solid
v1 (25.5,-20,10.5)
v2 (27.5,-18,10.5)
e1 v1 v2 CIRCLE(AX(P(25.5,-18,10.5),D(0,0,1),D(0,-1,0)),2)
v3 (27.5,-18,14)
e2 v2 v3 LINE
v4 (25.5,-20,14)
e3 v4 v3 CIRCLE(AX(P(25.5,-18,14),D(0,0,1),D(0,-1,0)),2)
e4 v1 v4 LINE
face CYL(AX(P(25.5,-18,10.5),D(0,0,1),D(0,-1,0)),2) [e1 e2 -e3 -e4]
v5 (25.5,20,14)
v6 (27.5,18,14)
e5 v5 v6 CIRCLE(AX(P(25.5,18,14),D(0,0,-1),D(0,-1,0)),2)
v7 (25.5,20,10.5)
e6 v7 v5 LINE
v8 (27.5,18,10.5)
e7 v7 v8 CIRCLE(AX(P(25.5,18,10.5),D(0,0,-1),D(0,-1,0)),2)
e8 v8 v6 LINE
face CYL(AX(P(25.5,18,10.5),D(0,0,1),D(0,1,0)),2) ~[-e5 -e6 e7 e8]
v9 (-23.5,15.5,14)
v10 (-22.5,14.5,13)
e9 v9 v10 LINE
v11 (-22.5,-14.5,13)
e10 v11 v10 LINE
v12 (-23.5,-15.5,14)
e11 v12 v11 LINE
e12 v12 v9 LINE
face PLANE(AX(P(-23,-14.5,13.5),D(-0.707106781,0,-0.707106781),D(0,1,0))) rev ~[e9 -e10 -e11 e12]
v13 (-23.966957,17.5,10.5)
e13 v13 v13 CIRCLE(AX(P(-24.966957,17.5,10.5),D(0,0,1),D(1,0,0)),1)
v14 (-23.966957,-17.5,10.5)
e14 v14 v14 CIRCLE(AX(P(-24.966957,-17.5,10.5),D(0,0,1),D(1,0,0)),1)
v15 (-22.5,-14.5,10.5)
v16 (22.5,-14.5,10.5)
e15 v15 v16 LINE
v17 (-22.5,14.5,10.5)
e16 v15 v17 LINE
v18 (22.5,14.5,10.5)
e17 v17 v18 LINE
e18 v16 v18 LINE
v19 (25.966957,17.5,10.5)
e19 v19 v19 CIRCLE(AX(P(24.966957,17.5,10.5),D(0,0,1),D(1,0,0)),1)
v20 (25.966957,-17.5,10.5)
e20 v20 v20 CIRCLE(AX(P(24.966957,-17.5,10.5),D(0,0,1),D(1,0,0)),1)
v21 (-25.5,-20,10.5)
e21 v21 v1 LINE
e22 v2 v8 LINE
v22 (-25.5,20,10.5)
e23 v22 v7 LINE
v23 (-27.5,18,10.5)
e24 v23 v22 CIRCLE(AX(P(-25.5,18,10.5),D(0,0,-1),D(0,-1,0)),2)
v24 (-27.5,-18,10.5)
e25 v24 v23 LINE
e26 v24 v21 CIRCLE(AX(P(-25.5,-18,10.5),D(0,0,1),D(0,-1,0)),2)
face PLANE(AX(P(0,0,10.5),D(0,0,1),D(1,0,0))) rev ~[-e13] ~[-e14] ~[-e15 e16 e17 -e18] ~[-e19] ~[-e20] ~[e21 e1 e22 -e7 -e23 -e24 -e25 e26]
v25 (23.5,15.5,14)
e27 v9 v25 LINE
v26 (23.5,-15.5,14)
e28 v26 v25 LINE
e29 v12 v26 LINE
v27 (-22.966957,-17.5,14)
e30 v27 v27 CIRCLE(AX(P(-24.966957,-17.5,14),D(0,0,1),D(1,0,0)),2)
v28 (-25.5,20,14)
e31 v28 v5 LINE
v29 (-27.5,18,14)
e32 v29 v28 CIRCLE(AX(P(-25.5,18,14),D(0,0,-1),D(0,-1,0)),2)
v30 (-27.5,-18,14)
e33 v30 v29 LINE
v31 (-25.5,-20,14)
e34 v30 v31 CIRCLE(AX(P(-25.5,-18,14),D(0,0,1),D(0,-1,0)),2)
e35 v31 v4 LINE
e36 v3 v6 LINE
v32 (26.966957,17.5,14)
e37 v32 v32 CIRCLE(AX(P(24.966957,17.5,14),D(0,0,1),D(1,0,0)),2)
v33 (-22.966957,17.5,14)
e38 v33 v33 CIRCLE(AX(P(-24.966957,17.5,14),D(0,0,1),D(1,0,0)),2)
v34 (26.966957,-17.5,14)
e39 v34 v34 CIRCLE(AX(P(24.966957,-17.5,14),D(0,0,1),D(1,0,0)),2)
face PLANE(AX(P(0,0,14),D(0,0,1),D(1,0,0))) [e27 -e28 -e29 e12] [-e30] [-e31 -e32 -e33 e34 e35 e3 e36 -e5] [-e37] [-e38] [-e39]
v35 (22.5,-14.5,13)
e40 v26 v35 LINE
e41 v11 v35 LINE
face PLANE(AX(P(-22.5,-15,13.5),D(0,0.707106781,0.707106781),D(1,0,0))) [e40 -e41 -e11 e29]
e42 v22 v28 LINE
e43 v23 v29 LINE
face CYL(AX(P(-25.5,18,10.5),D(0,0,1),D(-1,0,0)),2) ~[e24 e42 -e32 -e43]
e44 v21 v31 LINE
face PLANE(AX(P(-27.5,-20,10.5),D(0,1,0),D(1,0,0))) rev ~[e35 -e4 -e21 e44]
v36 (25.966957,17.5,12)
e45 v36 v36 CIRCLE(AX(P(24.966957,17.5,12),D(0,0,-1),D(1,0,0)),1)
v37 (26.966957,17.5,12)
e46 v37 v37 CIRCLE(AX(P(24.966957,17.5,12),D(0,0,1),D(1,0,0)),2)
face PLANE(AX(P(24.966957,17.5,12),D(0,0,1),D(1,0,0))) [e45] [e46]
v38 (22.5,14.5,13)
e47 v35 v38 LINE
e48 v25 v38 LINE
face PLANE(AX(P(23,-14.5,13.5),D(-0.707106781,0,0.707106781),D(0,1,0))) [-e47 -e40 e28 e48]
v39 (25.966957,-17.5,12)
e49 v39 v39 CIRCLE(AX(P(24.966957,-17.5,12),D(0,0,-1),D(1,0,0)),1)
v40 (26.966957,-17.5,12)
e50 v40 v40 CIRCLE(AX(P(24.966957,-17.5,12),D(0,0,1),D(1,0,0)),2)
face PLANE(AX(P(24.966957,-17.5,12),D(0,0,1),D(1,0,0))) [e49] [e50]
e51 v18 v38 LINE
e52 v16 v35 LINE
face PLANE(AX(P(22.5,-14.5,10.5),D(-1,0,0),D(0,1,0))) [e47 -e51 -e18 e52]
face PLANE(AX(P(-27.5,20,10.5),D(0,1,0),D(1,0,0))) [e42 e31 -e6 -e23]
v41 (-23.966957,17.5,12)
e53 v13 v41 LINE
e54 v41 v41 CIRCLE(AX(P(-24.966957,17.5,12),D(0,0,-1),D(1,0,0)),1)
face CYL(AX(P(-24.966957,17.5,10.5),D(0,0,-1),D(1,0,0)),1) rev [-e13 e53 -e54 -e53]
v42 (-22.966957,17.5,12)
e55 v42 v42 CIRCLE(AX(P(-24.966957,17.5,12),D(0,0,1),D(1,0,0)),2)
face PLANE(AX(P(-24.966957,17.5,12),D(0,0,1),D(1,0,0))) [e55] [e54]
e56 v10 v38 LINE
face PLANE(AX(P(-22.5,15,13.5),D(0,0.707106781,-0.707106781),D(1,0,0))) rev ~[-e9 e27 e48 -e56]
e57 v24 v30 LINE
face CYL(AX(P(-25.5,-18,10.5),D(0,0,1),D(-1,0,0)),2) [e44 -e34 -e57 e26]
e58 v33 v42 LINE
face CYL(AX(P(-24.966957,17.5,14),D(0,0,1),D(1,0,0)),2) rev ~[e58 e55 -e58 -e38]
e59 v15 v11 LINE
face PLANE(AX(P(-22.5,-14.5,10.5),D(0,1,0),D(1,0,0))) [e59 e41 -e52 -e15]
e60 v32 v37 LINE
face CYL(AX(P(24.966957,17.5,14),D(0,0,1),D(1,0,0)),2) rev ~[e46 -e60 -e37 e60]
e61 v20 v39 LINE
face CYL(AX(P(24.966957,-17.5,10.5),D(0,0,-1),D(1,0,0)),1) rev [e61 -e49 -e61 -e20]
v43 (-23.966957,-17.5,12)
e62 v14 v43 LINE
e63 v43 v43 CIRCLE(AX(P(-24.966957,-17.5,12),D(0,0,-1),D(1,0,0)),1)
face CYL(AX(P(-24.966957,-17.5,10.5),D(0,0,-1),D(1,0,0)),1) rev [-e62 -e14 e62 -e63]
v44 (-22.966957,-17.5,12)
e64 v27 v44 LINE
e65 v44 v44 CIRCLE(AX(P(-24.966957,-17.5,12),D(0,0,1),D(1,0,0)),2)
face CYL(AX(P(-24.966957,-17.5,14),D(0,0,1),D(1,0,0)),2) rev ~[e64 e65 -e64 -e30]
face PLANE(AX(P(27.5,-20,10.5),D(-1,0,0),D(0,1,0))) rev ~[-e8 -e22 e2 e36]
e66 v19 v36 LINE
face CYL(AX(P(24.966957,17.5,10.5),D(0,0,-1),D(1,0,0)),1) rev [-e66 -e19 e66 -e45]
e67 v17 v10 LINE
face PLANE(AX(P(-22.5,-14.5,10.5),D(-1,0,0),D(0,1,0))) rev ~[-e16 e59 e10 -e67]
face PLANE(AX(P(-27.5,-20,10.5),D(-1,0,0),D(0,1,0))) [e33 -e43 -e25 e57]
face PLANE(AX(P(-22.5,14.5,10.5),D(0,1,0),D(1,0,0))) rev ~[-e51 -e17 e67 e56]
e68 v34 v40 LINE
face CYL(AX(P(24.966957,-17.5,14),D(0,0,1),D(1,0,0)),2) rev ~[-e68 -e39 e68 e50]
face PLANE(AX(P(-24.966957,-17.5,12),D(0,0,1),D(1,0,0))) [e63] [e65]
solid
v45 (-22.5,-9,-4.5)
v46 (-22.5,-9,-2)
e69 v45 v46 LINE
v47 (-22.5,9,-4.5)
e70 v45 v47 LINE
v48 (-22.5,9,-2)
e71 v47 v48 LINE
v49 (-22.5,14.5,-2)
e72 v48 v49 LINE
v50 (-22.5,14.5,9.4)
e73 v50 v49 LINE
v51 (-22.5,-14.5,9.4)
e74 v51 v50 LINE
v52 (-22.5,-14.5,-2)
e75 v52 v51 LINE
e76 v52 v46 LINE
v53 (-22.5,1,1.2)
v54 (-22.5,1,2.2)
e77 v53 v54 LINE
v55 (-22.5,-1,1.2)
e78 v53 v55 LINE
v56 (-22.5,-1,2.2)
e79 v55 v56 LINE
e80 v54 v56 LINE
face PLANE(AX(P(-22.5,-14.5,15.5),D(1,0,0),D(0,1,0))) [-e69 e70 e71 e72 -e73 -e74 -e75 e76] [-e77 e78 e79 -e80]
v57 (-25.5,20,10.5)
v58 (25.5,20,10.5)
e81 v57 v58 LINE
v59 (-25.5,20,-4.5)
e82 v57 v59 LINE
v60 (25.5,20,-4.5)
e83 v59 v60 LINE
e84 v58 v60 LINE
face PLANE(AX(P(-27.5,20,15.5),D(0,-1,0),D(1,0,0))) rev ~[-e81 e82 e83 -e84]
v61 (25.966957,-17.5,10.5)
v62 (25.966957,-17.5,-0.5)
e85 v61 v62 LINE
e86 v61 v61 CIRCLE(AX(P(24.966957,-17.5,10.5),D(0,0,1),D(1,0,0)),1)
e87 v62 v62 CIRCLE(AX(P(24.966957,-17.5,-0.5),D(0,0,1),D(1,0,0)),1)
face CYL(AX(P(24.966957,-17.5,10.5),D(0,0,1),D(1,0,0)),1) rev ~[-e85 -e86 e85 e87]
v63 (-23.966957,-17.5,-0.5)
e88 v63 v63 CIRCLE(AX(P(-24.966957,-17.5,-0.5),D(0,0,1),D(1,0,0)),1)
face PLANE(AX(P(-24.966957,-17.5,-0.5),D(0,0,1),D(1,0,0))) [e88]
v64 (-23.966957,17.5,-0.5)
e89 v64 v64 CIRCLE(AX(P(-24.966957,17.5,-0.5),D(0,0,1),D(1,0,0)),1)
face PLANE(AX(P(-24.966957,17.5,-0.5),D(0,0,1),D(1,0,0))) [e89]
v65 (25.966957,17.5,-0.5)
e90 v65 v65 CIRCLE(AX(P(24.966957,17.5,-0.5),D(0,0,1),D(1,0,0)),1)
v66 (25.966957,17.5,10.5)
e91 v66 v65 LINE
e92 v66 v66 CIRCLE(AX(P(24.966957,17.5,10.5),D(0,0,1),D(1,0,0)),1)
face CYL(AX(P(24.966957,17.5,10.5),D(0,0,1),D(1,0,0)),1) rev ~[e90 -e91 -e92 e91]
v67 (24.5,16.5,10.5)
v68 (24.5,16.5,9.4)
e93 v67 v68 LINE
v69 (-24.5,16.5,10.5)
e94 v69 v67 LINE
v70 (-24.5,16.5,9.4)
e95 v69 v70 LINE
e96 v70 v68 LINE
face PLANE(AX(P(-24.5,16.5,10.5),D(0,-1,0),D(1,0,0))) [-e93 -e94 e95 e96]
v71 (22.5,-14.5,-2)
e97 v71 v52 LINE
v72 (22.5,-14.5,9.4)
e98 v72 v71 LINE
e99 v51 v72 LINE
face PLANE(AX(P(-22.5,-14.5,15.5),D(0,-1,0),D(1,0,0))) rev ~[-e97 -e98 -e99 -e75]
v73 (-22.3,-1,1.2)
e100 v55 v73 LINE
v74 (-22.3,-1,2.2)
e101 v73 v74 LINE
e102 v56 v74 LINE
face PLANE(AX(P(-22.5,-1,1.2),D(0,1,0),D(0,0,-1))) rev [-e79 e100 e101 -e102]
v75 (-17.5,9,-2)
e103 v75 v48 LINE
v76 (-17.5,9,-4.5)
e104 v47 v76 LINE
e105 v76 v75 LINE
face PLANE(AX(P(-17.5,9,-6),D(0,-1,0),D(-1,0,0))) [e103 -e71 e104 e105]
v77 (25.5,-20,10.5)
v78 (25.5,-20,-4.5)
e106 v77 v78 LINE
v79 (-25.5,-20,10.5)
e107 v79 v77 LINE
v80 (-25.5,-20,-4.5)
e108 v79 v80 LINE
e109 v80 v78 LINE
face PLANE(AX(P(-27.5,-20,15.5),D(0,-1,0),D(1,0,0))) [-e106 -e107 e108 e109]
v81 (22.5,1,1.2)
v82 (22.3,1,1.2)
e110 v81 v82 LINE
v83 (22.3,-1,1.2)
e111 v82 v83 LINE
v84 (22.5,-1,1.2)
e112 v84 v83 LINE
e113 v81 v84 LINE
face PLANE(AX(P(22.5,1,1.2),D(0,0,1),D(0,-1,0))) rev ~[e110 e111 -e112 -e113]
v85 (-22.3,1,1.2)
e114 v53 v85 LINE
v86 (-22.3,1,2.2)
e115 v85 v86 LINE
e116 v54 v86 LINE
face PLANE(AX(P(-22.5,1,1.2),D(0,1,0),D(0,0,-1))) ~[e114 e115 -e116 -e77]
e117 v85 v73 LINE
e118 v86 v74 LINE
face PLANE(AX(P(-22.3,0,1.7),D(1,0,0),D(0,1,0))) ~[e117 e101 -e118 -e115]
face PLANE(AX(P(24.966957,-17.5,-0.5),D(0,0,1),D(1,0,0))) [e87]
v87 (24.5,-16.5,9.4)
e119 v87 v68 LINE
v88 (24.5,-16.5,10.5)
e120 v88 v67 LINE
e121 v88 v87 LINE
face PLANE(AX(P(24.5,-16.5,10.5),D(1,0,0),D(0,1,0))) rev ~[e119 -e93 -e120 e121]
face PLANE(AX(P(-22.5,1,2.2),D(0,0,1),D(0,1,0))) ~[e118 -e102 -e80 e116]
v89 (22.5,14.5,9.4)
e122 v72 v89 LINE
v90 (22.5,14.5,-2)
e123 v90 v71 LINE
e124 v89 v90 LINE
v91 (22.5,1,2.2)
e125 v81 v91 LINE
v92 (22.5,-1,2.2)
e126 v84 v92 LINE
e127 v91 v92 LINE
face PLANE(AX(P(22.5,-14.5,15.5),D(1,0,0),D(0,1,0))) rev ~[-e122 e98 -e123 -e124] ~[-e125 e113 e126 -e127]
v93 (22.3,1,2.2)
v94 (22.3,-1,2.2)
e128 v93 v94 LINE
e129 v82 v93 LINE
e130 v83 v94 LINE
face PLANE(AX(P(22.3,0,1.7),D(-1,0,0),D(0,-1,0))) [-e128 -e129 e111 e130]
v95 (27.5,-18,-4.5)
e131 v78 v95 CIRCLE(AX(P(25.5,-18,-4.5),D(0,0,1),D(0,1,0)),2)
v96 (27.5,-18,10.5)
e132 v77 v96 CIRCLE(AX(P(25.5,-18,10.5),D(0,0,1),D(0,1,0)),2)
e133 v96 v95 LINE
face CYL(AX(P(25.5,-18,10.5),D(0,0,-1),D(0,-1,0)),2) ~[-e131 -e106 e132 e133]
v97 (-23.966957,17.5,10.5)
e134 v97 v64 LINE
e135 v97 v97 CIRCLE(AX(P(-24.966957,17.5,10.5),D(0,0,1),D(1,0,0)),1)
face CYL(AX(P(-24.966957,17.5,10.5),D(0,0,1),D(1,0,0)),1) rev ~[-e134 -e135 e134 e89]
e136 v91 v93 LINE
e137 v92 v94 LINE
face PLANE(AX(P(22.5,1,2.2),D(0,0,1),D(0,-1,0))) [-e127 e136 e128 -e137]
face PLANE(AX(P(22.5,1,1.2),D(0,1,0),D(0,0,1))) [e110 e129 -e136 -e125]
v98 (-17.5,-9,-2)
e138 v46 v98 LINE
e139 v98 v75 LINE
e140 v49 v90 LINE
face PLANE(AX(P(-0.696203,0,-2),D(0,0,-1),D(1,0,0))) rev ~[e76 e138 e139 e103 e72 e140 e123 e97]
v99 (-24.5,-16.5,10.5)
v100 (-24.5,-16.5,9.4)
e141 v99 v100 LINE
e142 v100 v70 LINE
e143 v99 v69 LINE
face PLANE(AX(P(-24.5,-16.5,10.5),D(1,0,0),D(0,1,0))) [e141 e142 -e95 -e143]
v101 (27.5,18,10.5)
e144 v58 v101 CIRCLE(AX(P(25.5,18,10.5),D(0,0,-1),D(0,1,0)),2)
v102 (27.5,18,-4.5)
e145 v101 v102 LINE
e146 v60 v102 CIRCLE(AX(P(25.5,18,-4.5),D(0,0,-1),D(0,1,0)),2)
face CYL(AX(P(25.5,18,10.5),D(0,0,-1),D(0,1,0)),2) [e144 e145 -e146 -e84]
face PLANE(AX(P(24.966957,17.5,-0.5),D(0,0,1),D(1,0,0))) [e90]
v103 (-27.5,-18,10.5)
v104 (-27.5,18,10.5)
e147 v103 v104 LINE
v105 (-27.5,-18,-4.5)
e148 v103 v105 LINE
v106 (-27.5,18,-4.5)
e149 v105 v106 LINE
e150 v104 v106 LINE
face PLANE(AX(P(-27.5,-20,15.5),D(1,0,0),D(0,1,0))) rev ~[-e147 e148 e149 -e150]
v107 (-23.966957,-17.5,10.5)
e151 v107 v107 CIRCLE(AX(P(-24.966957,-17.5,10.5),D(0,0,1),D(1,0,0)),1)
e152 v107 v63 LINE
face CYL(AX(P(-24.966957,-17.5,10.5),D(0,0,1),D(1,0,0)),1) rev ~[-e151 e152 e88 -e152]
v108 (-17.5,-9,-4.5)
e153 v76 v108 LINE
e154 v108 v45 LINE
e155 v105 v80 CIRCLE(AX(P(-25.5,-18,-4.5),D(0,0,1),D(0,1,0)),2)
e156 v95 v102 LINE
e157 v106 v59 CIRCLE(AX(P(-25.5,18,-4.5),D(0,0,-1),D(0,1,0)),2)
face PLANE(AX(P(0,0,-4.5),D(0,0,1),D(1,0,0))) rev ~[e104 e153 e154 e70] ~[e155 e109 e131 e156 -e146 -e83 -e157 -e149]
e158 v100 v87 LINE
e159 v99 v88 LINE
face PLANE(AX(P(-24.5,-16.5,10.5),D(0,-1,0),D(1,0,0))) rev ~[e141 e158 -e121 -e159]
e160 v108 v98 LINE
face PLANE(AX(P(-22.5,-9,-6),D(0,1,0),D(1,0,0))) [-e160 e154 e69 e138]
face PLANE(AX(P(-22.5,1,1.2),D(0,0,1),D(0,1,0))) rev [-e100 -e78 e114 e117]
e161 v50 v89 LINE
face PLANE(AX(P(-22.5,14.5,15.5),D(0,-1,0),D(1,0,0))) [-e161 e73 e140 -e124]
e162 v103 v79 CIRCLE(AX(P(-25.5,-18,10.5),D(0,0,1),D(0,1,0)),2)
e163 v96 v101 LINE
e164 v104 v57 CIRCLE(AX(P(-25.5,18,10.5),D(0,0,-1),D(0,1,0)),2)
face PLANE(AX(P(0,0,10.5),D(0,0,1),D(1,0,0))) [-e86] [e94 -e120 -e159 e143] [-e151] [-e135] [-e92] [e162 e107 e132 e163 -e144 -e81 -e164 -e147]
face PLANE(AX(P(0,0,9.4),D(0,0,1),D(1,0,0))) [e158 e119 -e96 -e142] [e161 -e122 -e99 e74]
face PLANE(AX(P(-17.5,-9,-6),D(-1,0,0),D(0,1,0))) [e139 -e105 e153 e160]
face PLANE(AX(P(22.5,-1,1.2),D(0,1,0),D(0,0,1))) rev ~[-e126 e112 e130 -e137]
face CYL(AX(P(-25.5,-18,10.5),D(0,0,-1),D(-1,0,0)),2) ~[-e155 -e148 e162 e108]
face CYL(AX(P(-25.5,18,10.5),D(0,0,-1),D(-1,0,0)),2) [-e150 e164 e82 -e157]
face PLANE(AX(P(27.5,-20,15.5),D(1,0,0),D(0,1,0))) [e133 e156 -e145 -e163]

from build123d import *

# Parameters (mm, degrees)
F0_W      = 45
F0_H      = 29
F1_DEPTH  = 5.7
F2_W      = 34.1
F2_H      = 25.7
F3_DEPTH  = 7.8
F4_DEPTH  = 6
F6_DEPTH  = 4
F8_W      = 55
F8_H      = 40
F9_DEPTH  = 20
F11_W     = 45
F11_H     = 29
F12_DEPTH = 9.8
F13_W     = 2
F13_H     = 1
F14_DEPTH = 0.2
F16_DEPTH = 5
F17_W     = 49
F17_H     = 33
F17_W_2   = 45
F17_H_2   = 29
F18_DEPTH = 1.1
F19_R     = 1
F20_DEPTH = 11
F21_W     = 55
F21_H     = 40
F21_R     = 1
F21_W_2   = 45
F21_H_2   = 29
F22_DEPTH = 3.5
F23_R     = 2
F24_DEPTH = 2
F25_R     = 2
F25_2_R   = 2
F26_SIZE  = 1


with BuildPart() as f1:
    # F0 (on Top) → F1 (new body)
    with BuildSketch(Plane.XY):
        Rectangle(F0_W, F0_H)
    extrude(amount=F1_DEPTH)

    # F2 (on face) → F3 (join)
    with BuildSketch(Plane.XY.offset(5.7)):
        Rectangle(F2_W, F2_H)
    extrude(amount=F3_DEPTH)

    # F4 (add): a face of the model
    f4_faces = [f1.faces().sort_by_distance(p)[0] for p in [
        (0, 0, 0),
    ]]
    extrude(f4_faces, amount=F4_DEPTH)

    # F5 (on face) → F6 (cut)
    with BuildSketch(Plane(origin=(0, 0, -6), x_dir=(1, 0, 0), z_dir=(0, 0, -1))):
        Polygon((-22.5, 9), (-17.5, 9), (-17.5, -9), (-22.5, -9), (-22.5, -14.5), (22.5, -14.5), (22.5, 14.5), (-22.5, 14.5), align=None)
    extrude(amount=-F6_DEPTH, mode=Mode.SUBTRACT)


with BuildPart() as f9:
    # F8 (on offset) → F9 (new body)
    with BuildSketch(Plane.XY.offset(15.5)):
        Rectangle(F8_W, F8_H)
    extrude(amount=-F9_DEPTH)

    # F10: cut F1
    add(f1.part, mode=Mode.SUBTRACT)

    # F11 (on face) → F12 (cut, through all)
    with BuildSketch(Plane.XY.offset(15.5)):
        Rectangle(F11_W, F11_H)
    extrude(amount=-F12_DEPTH, mode=Mode.SUBTRACT)



with BuildPart() as f14:
    # F13 (on face) → F14 (new body)
    with BuildSketch(Plane(origin=(22.5, 0, 0), x_dir=(0, -1, 0), z_dir=(-1, 0, 0))):
        with Locations((0, 1.7)):
            Rectangle(F13_W, F13_H)
    extrude(amount=F14_DEPTH)


with BuildPart() as f9_1:
    add(f9.part)

    add(f14.part)  # F15 merges F14
    # F15: F14 across plane
    add(f14.part.mirror(Plane.YZ))

    # F8 (on offset) → F16 (cut)
    with BuildSketch(Plane.XY.offset(15.5)):
        Rectangle(F8_W, F8_H)
    extrude(amount=-F16_DEPTH, mode=Mode.SUBTRACT)

    # F17 (on face) → F18 (cut)
    with BuildSketch(Plane.XY.offset(10.5)):
        Rectangle(F17_W, F17_H)
        Rectangle(F17_W_2, F17_H_2, mode=Mode.SUBTRACT)
    extrude(amount=-F18_DEPTH, mode=Mode.SUBTRACT)

    # F19 (on face) → F20 (cut)
    with BuildSketch(Plane.XY.offset(10.5)):
        with Locations((-24.9669570476, -17.5)):
            Circle(F19_R)
        with Locations((-24.9669570476, 17.5)):
            Circle(F19_R)
        with Locations((24.9669570476, -17.5)):
            Circle(F19_R)
        with Locations((24.9669570476, 17.5)):
            Circle(F19_R)
    extrude(amount=-F20_DEPTH, mode=Mode.SUBTRACT)

    # F25
    f25_edges = [f9_1.edges().sort_by_distance(p)[0] for p in [
        (-27.5, 20, 3),
        (-27.5, -20, 3),
        (27.5, -20, 3),
        (27.5, 20, 3),
    ]]
    fillet(f25_edges, radius=F25_R)


with BuildPart() as f22:
    # F21 (on face) → F22 (new body)
    with BuildSketch(Plane.XY.offset(10.5)):
        Rectangle(F21_W, F21_H)
        with Locations((-24.9669570476, -17.5)):
            Circle(F21_R, mode=Mode.SUBTRACT)
        with Locations((24.9669570476, -17.5)):
            Circle(F21_R, mode=Mode.SUBTRACT)
        with Locations((-24.9669570476, 17.5)):
            Circle(F21_R, mode=Mode.SUBTRACT)
        Rectangle(F21_W_2, F21_H_2, mode=Mode.SUBTRACT)
        with Locations((24.9669570476, 17.5)):
            Circle(F21_R, mode=Mode.SUBTRACT)
    extrude(amount=F22_DEPTH)

    # F23 (on face) → F24 (cut)
    with BuildSketch(Plane.XY.offset(14)):
        with Locations((24.9669570476, 17.5)):
            Circle(F23_R)
        with Locations((24.9669570476, -17.5)):
            Circle(F23_R)
        with Locations((-24.9669570476, 17.5)):
            Circle(F23_R)
        with Locations((-24.9669570476, -17.5)):
            Circle(F23_R)
    extrude(amount=-F24_DEPTH, mode=Mode.SUBTRACT)

    # F25#2
    f25_2_edges = [f22.edges().sort_by_distance(p)[0] for p in [
        (-27.5, 20, 12.25),
        (-27.5, -20, 12.25),
        (27.5, -20, 12.25),
        (27.5, 20, 12.25),
    ]]
    fillet(f25_2_edges, radius=F25_2_R)

    # F26
    f26_edges = [f22.edges().sort_by_distance(p)[0] for p in [
        (0, -14.5, 14),
        (22.5, 0, 14),
        (0, 14.5, 14),
        (-22.5, 0, 14),
    ]]
    chamfer(f26_edges, length=F26_SIZE)


solid = Compound([f9_1.part, f22.part])
